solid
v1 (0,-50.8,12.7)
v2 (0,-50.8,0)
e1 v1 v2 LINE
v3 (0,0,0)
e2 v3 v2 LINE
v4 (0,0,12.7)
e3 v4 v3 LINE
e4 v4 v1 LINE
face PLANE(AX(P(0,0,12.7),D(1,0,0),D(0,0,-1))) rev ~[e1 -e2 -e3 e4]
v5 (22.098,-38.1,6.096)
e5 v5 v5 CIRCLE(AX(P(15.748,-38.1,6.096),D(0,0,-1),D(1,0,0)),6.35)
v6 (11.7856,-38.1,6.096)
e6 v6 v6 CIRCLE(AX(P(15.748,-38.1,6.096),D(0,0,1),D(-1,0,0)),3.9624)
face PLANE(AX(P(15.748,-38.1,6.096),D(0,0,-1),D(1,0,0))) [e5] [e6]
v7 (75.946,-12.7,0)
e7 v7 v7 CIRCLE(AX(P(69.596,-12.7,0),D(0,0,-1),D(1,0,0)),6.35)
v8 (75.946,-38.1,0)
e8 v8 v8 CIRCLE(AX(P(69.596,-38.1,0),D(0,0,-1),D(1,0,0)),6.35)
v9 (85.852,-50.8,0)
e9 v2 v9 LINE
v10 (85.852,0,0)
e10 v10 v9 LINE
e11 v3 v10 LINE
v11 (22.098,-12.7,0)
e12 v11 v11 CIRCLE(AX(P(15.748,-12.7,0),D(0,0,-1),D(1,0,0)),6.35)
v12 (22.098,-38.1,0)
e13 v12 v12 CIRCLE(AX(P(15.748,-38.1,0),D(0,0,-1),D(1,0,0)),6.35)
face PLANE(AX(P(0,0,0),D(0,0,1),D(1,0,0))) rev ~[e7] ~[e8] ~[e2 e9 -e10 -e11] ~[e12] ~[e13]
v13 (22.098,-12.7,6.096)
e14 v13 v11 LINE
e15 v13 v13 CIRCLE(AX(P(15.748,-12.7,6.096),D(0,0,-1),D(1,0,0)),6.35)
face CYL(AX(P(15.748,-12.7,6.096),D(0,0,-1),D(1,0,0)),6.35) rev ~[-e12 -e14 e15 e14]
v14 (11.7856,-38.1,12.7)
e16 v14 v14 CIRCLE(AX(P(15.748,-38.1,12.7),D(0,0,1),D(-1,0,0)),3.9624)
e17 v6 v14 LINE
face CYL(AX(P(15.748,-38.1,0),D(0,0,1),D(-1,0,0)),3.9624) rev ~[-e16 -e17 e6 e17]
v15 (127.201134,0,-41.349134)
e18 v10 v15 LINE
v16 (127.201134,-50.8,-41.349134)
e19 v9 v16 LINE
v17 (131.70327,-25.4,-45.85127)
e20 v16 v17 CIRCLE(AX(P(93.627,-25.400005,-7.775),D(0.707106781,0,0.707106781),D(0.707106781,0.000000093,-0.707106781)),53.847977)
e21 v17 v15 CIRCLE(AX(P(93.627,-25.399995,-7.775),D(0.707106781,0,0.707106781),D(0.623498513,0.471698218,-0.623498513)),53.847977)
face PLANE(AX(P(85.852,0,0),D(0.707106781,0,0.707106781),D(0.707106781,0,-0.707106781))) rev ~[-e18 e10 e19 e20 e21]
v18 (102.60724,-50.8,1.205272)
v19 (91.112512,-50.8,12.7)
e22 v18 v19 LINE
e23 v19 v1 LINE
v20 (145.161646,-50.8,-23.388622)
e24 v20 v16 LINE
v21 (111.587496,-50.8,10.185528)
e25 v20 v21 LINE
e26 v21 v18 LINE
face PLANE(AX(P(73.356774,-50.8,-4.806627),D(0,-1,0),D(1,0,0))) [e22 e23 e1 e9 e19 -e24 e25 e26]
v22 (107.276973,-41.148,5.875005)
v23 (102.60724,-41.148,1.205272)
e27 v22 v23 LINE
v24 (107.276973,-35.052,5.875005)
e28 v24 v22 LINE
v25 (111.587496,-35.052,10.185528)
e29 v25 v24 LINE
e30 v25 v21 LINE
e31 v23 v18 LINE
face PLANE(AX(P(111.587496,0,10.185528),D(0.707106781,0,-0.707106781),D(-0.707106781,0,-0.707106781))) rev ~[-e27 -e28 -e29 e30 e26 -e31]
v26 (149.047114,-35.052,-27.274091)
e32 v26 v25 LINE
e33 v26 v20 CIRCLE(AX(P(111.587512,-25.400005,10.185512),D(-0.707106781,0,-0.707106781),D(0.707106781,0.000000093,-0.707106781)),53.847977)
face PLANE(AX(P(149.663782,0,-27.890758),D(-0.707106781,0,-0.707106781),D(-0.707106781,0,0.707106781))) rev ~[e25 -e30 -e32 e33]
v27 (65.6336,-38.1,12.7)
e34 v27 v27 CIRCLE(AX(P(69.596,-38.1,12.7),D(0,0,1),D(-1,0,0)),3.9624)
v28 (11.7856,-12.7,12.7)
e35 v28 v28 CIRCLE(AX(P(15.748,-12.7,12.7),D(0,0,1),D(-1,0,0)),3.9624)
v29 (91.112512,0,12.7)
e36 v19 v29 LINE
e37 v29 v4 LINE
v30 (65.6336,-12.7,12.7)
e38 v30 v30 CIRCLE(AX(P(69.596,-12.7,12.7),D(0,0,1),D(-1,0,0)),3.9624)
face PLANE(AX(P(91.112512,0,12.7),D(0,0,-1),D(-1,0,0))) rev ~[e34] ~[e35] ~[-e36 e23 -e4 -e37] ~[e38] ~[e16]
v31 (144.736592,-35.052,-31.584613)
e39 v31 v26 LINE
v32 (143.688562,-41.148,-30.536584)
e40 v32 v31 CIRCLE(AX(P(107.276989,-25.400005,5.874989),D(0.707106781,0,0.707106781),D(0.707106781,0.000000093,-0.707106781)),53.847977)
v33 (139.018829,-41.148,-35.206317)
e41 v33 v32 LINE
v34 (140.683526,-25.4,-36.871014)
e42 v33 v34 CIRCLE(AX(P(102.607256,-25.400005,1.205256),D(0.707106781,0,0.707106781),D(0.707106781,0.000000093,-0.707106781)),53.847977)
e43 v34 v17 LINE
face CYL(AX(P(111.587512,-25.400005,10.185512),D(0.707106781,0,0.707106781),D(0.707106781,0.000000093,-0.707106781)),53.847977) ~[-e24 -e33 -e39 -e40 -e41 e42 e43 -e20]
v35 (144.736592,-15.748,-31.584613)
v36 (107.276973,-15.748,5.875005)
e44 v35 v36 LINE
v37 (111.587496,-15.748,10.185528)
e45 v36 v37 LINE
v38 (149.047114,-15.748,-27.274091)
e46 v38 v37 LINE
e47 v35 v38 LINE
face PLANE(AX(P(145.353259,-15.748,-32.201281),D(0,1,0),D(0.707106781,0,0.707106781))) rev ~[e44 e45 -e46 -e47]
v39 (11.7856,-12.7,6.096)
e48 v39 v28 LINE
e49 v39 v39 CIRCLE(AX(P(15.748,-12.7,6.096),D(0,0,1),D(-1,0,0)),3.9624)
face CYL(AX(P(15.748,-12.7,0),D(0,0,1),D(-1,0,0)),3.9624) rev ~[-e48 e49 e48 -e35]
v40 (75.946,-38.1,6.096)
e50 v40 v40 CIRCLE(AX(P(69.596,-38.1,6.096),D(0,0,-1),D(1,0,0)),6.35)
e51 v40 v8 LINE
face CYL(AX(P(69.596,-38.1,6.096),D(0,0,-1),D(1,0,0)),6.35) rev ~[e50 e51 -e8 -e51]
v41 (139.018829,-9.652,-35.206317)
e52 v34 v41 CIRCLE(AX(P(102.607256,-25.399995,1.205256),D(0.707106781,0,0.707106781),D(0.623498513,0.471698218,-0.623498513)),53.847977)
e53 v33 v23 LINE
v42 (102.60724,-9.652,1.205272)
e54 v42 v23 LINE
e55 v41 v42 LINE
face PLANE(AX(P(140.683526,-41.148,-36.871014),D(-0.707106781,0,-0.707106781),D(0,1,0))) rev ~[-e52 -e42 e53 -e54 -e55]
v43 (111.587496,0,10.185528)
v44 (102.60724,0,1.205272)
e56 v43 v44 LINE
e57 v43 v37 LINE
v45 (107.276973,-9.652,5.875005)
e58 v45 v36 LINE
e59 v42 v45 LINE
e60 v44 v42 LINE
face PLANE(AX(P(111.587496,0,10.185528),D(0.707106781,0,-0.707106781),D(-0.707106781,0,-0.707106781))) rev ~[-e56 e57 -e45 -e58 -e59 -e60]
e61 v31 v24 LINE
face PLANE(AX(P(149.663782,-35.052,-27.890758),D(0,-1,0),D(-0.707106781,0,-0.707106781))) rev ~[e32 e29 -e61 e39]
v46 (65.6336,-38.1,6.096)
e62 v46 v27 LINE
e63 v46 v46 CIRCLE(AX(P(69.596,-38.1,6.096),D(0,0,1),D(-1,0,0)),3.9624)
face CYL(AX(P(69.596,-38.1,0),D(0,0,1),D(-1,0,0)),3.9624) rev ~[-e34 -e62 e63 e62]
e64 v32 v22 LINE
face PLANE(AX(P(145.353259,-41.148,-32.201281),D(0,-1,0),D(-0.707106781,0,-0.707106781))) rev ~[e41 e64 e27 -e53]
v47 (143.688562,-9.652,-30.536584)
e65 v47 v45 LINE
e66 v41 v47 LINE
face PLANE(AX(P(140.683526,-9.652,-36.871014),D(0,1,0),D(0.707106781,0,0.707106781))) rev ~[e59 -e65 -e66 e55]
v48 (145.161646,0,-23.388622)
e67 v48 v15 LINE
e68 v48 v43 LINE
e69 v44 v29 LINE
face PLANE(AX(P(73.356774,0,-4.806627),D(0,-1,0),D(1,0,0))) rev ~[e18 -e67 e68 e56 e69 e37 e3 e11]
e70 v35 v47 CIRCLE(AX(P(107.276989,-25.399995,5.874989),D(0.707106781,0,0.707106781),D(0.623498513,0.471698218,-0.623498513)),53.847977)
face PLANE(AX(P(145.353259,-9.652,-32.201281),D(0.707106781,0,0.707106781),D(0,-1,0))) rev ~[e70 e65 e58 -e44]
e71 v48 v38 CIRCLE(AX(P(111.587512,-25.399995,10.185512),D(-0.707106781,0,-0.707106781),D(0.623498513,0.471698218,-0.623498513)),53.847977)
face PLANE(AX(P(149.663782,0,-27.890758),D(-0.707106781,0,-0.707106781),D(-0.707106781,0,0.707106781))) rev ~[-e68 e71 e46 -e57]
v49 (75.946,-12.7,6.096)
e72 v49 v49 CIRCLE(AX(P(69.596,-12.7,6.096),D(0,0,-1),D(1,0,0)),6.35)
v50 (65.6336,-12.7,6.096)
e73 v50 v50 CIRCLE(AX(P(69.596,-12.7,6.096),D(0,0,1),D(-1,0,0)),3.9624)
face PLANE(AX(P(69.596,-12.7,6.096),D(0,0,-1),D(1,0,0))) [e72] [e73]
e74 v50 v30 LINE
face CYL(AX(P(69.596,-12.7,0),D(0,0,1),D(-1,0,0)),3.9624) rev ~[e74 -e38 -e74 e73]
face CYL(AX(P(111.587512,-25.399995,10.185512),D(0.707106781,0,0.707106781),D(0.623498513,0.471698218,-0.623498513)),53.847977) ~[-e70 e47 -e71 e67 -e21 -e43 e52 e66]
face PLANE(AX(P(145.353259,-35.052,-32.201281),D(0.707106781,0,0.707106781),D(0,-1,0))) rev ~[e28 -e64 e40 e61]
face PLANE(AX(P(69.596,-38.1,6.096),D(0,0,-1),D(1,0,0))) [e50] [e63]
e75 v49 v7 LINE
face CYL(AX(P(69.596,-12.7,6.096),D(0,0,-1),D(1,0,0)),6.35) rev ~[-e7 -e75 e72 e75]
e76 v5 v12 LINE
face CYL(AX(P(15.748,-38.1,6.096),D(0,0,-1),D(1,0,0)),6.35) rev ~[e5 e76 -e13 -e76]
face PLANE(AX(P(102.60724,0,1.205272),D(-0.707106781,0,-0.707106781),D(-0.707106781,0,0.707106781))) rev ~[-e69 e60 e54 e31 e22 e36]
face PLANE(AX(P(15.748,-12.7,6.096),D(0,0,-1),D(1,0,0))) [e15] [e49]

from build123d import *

# Parameters (mm, degrees)
F1_DEPTH       = 50.8
F3_D           = 7.9248
F3_CBORE_D     = 12.7
F3_CBORE_DEPTH = 6.096
F5_DEPTH       = 134.531275
F7_DEPTH       = 118.529275


with BuildPart() as f1:
    # F0 (on Front) → F1 (new body)
    with BuildSketch(Plane.XZ):
        Polygon((0, 0), (85.852, 0), (131.70327, -45.85127), (140.683526, -36.871014), (102.60724, 1.205272), (91.112512, 12.7), (0, 12.7), align=None)
        Polygon((102.60724, 1.205272), (140.683526, -36.871014), (149.663782, -27.890758), (111.587496, 10.185528), align=None)
    extrude(amount=F1_DEPTH)

    # F3 (through all)
    with Locations(Plane(origin=(0, 0, 0), x_dir=(1, 0, 0), z_dir=(0, 0, -1))):
        with Locations((15.748, 38.1), (69.596, 38.1), (69.596, 12.7), (15.748, 12.7)):
            CounterBoreHole(F3_D / 2, F3_CBORE_D / 2, F3_CBORE_DEPTH)

    # F4 (on face) → F5 (cut, through all)
    with BuildSketch(Plane(origin=(88.77727, 0, -88.77727), x_dir=(0, 1, 0), z_dir=(0.707107, 0, -0.707107))):
        Polygon((-15.748, 86.106531), (-35.052, 86.106531), (-35.052, 80.010531), (-41.148, 80.010531), (-41.148, 73.406531), (-9.652, 73.406531), (-9.652, 80.010531), (-15.748, 80.010531), align=None)
    extrude(amount=-F5_DEPTH, mode=Mode.SUBTRACT)

    # F6 (on face) → F7 (cut, through all)
    with BuildSketch(Plane(origin=(60.886512, 0, 60.886512), x_dir=(0.707107, 0, -0.707107), z_dir=(0.707107, 0, 0.707107))):
        with BuildLine():
            ThreePointArc((119.183037, 0), (123.934026, -12.307078), (125.550019, -25.4))
            Line((125.550019, -25.4), (125.550019, 0))
            Line((125.550019, 0), (119.183037, 0))
        make_face()
        with BuildLine():
            ThreePointArc((125.550019, -25.4), (123.934026, -38.492922), (119.183037, -50.8))
            Line((119.183037, -50.8), (125.550019, -50.8))
            Line((125.550019, -50.8), (125.550019, -25.4))
        make_face()
    extrude(amount=-F7_DEPTH, mode=Mode.SUBTRACT)


solid = f1.part
